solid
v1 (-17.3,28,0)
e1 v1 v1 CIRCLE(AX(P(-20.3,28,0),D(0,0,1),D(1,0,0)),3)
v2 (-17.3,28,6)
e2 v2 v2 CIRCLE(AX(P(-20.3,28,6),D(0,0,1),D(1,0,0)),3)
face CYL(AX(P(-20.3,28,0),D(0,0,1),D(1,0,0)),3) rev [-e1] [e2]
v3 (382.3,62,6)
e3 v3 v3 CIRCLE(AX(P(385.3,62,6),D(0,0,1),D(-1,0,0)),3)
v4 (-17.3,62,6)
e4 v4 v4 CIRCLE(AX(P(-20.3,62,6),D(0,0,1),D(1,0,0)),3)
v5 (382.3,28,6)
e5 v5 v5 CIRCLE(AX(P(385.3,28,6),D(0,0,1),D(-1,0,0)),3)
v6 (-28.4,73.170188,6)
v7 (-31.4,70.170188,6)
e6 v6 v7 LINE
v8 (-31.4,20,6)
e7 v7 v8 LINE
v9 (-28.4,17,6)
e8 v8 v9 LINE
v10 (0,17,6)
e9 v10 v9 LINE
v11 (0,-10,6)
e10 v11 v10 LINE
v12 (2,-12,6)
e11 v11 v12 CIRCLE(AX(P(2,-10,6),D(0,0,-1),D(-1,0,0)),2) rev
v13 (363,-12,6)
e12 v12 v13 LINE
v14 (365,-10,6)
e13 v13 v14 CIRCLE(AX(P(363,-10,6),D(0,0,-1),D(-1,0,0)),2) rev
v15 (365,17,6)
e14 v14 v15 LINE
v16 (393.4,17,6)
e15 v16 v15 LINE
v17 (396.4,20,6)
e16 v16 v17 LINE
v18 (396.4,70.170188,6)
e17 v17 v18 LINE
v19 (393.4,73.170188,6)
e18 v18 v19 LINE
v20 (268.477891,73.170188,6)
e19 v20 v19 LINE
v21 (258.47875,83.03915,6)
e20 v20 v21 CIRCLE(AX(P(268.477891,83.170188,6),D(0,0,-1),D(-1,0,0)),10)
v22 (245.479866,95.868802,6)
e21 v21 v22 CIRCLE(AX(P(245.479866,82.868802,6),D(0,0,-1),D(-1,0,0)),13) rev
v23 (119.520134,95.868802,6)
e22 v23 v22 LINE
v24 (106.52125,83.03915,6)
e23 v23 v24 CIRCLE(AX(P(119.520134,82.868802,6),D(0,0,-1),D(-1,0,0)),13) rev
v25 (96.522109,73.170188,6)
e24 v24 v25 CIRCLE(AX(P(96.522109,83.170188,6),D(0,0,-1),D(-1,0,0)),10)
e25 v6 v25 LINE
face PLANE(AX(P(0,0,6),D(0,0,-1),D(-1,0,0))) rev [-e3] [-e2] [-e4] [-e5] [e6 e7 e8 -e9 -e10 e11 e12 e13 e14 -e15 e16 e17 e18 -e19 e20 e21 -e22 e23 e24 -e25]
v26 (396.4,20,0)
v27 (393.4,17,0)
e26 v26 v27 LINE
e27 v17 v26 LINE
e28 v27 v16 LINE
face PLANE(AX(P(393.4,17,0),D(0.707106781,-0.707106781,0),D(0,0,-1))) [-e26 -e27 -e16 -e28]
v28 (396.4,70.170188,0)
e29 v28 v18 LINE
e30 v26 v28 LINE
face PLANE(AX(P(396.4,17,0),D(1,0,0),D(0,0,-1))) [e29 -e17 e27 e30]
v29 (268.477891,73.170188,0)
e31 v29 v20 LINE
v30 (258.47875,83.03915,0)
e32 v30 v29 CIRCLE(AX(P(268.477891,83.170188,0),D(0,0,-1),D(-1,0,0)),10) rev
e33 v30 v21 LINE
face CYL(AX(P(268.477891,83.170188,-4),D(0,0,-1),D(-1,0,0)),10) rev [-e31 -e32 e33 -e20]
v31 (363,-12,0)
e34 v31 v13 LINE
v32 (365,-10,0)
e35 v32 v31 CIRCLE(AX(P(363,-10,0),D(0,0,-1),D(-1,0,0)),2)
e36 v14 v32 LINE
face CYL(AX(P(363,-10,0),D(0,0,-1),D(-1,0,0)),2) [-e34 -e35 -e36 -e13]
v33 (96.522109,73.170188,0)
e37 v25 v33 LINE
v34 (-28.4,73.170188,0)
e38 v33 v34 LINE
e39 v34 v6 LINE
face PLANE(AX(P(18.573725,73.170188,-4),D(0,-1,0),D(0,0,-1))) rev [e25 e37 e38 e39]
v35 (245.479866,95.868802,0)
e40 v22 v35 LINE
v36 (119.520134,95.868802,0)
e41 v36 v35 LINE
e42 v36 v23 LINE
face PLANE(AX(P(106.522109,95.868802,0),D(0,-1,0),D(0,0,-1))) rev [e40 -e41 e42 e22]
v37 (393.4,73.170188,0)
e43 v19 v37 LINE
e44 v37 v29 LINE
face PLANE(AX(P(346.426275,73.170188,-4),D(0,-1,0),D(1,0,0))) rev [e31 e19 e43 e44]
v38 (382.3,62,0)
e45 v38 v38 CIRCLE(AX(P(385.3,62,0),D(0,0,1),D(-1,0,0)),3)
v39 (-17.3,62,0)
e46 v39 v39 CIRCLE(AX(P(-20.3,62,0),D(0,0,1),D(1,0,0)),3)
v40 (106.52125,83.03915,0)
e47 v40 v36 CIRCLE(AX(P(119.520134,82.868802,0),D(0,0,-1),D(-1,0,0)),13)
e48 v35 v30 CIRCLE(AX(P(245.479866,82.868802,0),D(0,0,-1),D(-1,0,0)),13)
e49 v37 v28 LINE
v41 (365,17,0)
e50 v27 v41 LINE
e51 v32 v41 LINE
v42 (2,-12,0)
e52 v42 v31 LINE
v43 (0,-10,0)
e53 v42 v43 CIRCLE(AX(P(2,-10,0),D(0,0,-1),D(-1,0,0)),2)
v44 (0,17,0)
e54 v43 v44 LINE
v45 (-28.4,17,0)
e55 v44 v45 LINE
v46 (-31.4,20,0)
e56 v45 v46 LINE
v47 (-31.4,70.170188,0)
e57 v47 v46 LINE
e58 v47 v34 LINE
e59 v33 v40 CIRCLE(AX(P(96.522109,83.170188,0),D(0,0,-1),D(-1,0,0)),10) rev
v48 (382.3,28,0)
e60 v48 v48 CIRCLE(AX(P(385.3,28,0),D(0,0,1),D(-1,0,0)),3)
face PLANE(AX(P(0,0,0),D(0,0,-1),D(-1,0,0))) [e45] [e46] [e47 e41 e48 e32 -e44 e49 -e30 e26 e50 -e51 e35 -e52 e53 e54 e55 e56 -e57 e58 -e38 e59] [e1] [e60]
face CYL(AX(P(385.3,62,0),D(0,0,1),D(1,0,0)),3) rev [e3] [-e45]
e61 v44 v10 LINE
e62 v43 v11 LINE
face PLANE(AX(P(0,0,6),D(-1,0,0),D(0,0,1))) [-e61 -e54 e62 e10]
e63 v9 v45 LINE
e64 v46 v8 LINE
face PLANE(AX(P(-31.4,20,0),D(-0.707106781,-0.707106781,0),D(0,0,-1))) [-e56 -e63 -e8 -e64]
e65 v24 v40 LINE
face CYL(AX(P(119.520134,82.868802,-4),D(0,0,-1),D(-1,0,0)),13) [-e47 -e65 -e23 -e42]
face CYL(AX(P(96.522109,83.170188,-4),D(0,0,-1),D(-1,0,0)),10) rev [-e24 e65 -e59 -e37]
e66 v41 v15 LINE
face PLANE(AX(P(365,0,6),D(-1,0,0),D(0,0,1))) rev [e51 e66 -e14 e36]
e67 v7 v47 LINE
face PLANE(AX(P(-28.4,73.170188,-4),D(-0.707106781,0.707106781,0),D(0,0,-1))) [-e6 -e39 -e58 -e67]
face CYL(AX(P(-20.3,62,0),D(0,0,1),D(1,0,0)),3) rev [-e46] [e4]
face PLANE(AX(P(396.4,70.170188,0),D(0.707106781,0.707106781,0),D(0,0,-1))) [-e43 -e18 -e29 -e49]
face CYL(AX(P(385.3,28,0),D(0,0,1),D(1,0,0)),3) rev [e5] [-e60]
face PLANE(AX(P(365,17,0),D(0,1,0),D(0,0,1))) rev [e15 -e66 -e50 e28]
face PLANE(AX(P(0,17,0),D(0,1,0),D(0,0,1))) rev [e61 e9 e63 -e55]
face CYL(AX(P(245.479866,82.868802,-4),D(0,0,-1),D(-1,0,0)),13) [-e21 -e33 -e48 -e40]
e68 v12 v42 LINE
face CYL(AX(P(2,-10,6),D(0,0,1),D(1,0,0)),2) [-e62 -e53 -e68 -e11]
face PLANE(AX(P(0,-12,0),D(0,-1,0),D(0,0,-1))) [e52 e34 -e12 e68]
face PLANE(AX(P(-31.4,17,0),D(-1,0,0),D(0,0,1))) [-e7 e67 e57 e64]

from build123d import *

# Parameters (mm, degrees)
RESSALTO_EXTRUS_O1_DEPTH = 6
ESBO_O2_W                = 87.948383594
ESBO_O2_H                = 90.794457537
CORTE_EXTRUS_O1_DEPTH    = 10
FILETE1_R                = 10
FILETE2_R                = 1
ESBO_O3_W                = 6
ESBO_O3_H                = 20
RESSALTO_EXTRUS_O2_DEPTH = 6
FILETE3_R                = 1
ESBO_O4_W                = 6
ESBO_O4_H                = 9.607959318
CORTE_EXTRUS_O2_DEPTH    = 6
CORTE_EXTRUS_O4_DEPTH    = 413.403928206
ESBO_O7_R                = 2.75
RESSALTO_EXTRUS_O3_DEPTH = 6
FILETE5_R                = 1
FILETE6_R                = 10
ESBO_O9_W                = 65.01383902
ESBO_O9_H                = 118.32551617
ESBO_O9_W_2              = 62.115199348
ESBO_O9_H_2              = 131.353950202
CORTE_EXTRUS_O5_DEPTH    = 417.006009572
ESBO_O10_W               = 6
ESBO_O10_H               = 17
CORTE_EXTRUS_O6_DEPTH    = 390.532068305
ESBO_O11_W               = 365
ESBO_O11_H               = 12
RESSALTO_EXTRUS_O4_DEPTH = 6
ESBO_O12_W               = 25.4
ESBO_O12_H               = 56.170187659
RESSALTO_EXTRUS_O5_DEPTH = 6
CHANFRO1_SIZE            = 3
FILETE7_R                = 2
ESBO_O13_R               = 3
CORTE_EXTRUS_O7_DEPTH    = 414.796075668
ESBO_O14_W               = 154.34893278
ESBO_O14_H               = 36.016450872
CORTE_EXTRUS_O8_DEPTH    = 414.796075668
FILETE8_R                = 13


with BuildPart() as part:
    # Esboço1 → Ressalto-extrusão1 (new body)
    with BuildSketch(Plane.XY):
        Polygon((0, 103.5), (0, 180), (365, 180), (365, 103.5), (371, 103.5), (371, 4.5), (365, 4.5), (365, 0), (0, 0), (0, 4.5), (-6, 4.5), (-6, 103.5), align=None)
    extrude(amount=RESSALTO_EXTRUS_O1_DEPTH)

    # Esboço2 → Corte-extrusão1 (cut)
    with BuildSketch(Plane.XY.offset(6)):
        with Locations((62.547917061, 118.567416428)):
            Rectangle(ESBO_O2_W, ESBO_O2_H)
        with Locations((302.452082939, 118.567416428)):
            Rectangle(ESBO_O2_W, ESBO_O2_H)
    extrude(amount=-CORTE_EXTRUS_O1_DEPTH, mode=Mode.SUBTRACT)

    # Filete1
    filete1_edges = [part.edges().sort_by_distance(p)[0] for p in [
        (18.573725264, 73.170187659, 3),
        (18.573725264, 163.964645196, 3),
        (106.522108858, 163.964645196, 3),
        (106.522108858, 73.170187659, 3),
        (346.426274736, 163.964645196, 3),
        (346.426274736, 73.170187659, 3),
        (258.477891142, 73.170187659, 3),
        (258.477891142, 163.964645196, 3),
    ]]
    fillet(filete1_edges, radius=FILETE1_R)

    # Filete2
    filete2_edges = [part.edges().sort_by_distance(p)[0] for p in [
        (-6, 103.5, 3),
        (-6, 4.5, 3),
        (371, 4.5, 3),
        (371, 103.5, 3),
    ]]
    fillet(filete2_edges, radius=FILETE2_R)

    # Esboço3 → Ressalto-extrusão2 (add)
    with BuildSketch(Plane.XY.offset(6)):
        with Locations((-3, 153.964645196)):
            Rectangle(ESBO_O3_W, ESBO_O3_H)
        with Locations((368, 153.964645196)):
            Rectangle(ESBO_O3_W, ESBO_O3_H)
    extrude(amount=-RESSALTO_EXTRUS_O2_DEPTH)

    # Filete3
    filete3_edges = [part.edges().sort_by_distance(p)[0] for p in [
        (-6, 143.964645196, 3),
        (-6, 163.964645196, 3),
        (371, 163.964645196, 3),
        (371, 143.964645196, 3),
    ]]
    fillet(filete3_edges, radius=FILETE3_R)

    # Esboço4 → Corte-extrusão2 (cut)
    with BuildSketch(Plane(origin=(371, 0, 0), x_dir=(0, 0, -1), z_dir=(1, 0, 0))):
        with Locations((-3, 98.696020341)):
            Rectangle(ESBO_O4_W, ESBO_O4_H)
    extrude(amount=-CORTE_EXTRUS_O2_DEPTH, mode=Mode.SUBTRACT)

    # Esboço6 → Corte-extrusão4 (cut, through all)
    with BuildSketch(Plane.XY.offset(6)):
        Polygon((106.522108858, 118.567416428), (258.477891142, 118.567416428), (346.426274736, 153.964645196), (346.426274736, 180), (18.573725264, 180), (18.573725264, 153.964645196), align=None)
    extrude(amount=-CORTE_EXTRUS_O4_DEPTH, mode=Mode.SUBTRACT)

    # Esboço7 → Ressalto-extrusão3 (add, through all)
    # profile 1 of 2: a face of its own
    with BuildSketch(Plane.XY.offset(6)):
        with BuildLine():
            ThreePointArc((-5, 163.964645196), (-15, 153.964645196), (-5, 143.964645196))
            ThreePointArc((-5, 143.964645196), (-3.426448861, 153.964645196), (-5, 163.964645196))
        make_face()
        with Locations((-9, 153.964645196)):
            Circle(ESBO_O7_R, mode=Mode.SUBTRACT)
    # profile 2 of 2: a face of its own
    with BuildSketch(Plane.XY.offset(6)):
        with BuildLine():
            ThreePointArc((365, 163.964645196), (363.426448861, 153.964645196), (365, 143.964645196))
            ThreePointArc((365, 143.964645196), (375, 153.964645196), (365, 163.964645196))
        make_face()
        with Locations((369, 153.964645196)):
            Circle(ESBO_O7_R, mode=Mode.SUBTRACT)
    extrude(amount=-RESSALTO_EXTRUS_O3_DEPTH)

    # Filete5
    filete5_edges = [part.edges().sort_by_distance(p)[0] for p in [
        (365, 180, 3),
        (0, 180, 3),
    ]]
    fillet(filete5_edges, radius=FILETE5_R)

    # Filete6
    filete6_edges = [part.edges().sort_by_distance(p)[0] for p in [
        (106.522108858, 118.567416428, 3),
        (258.477891142, 118.567416428, 3),
    ]]
    fillet(filete6_edges, radius=FILETE6_R)

    # Esboço9 → Corte-extrusão5 (cut, through all)
    with BuildSketch(Plane.XY.offset(6)):
        with Locations((-3.933194246, 132.332945744)):
            Rectangle(ESBO_O9_W, ESBO_O9_H)
        with Locations((367.48387441, 138.84716276)):
            Rectangle(ESBO_O9_W_2, ESBO_O9_H_2)
    extrude(amount=-CORTE_EXTRUS_O5_DEPTH, mode=Mode.SUBTRACT)

    # Esboço10 → Corte-extrusão6 (cut, through all)
    with BuildSketch(Plane.XY.offset(6)):
        with Locations((-3, 8.5)):
            Rectangle(ESBO_O10_W, ESBO_O10_H)
        with Locations((368, 8.5)):
            Rectangle(ESBO_O10_W, ESBO_O10_H)
    extrude(amount=-CORTE_EXTRUS_O6_DEPTH, mode=Mode.SUBTRACT)

    # Esboço11 → Ressalto-extrusão4 (add, through all)
    with BuildSketch(Plane.XY.offset(6)):
        with Locations((182.5, -6)):
            Rectangle(ESBO_O11_W, ESBO_O11_H)
    extrude(amount=-RESSALTO_EXTRUS_O4_DEPTH)

    # Esboço12 → Ressalto-extrusão5 (add, through all)
    with BuildSketch(Plane.XY.offset(6)):
        with Locations((383.7, 45.08509383)):
            Rectangle(ESBO_O12_W, ESBO_O12_H)
        with Locations((-18.7, 45.08509383)):
            Rectangle(ESBO_O12_W, ESBO_O12_H)
    extrude(amount=-RESSALTO_EXTRUS_O5_DEPTH)

    # Chanfro1
    chanfro1_edges = [part.edges().sort_by_distance(p)[0] for p in [
        (396.4, 73.170187659, 3),
        (396.4, 17, 3),
        (-31.4, 17, 3),
        (-31.4, 73.170187659, 3),
    ]]
    chamfer(chanfro1_edges, length=CHANFRO1_SIZE)

    # Filete7
    filete7_edges = [part.edges().sort_by_distance(p)[0] for p in [
        (0, -12, 3),
        (365, -12, 3),
    ]]
    fillet(filete7_edges, radius=FILETE7_R)

    # Esboço13 → Corte-extrusão7 (cut, through all)
    with BuildSketch(Plane.XY.offset(6)):
        with Locations((-20.3, 62)):
            Circle(ESBO_O13_R)
        with Locations((-20.3, 28)):
            Circle(ESBO_O13_R)
        with Locations(Location((385.3, 28, 0), (0, 0, 180))):
            Circle(ESBO_O13_R)
        with Locations(Location((385.3, 62, 0), (0, 0, 180))):
            Circle(ESBO_O13_R)
    extrude(amount=-CORTE_EXTRUS_O7_DEPTH, mode=Mode.SUBTRACT)

    # Esboço14 → Corte-extrusão8 (cut, through all)
    with BuildSketch(Plane.XY.offset(6)):
        with Locations((183.696575248, 113.87702748)):
            Rectangle(ESBO_O14_W, ESBO_O14_H)
    extrude(amount=-CORTE_EXTRUS_O8_DEPTH, mode=Mode.SUBTRACT)

    # Filete8
    filete8_edges = [part.edges().sort_by_distance(p)[0] for p in [
        (106.522108858, 95.868802044, 3),
        (258.477891142, 95.868802044, 3),
    ]]
    fillet(filete8_edges, radius=FILETE8_R)


solid = part.part
